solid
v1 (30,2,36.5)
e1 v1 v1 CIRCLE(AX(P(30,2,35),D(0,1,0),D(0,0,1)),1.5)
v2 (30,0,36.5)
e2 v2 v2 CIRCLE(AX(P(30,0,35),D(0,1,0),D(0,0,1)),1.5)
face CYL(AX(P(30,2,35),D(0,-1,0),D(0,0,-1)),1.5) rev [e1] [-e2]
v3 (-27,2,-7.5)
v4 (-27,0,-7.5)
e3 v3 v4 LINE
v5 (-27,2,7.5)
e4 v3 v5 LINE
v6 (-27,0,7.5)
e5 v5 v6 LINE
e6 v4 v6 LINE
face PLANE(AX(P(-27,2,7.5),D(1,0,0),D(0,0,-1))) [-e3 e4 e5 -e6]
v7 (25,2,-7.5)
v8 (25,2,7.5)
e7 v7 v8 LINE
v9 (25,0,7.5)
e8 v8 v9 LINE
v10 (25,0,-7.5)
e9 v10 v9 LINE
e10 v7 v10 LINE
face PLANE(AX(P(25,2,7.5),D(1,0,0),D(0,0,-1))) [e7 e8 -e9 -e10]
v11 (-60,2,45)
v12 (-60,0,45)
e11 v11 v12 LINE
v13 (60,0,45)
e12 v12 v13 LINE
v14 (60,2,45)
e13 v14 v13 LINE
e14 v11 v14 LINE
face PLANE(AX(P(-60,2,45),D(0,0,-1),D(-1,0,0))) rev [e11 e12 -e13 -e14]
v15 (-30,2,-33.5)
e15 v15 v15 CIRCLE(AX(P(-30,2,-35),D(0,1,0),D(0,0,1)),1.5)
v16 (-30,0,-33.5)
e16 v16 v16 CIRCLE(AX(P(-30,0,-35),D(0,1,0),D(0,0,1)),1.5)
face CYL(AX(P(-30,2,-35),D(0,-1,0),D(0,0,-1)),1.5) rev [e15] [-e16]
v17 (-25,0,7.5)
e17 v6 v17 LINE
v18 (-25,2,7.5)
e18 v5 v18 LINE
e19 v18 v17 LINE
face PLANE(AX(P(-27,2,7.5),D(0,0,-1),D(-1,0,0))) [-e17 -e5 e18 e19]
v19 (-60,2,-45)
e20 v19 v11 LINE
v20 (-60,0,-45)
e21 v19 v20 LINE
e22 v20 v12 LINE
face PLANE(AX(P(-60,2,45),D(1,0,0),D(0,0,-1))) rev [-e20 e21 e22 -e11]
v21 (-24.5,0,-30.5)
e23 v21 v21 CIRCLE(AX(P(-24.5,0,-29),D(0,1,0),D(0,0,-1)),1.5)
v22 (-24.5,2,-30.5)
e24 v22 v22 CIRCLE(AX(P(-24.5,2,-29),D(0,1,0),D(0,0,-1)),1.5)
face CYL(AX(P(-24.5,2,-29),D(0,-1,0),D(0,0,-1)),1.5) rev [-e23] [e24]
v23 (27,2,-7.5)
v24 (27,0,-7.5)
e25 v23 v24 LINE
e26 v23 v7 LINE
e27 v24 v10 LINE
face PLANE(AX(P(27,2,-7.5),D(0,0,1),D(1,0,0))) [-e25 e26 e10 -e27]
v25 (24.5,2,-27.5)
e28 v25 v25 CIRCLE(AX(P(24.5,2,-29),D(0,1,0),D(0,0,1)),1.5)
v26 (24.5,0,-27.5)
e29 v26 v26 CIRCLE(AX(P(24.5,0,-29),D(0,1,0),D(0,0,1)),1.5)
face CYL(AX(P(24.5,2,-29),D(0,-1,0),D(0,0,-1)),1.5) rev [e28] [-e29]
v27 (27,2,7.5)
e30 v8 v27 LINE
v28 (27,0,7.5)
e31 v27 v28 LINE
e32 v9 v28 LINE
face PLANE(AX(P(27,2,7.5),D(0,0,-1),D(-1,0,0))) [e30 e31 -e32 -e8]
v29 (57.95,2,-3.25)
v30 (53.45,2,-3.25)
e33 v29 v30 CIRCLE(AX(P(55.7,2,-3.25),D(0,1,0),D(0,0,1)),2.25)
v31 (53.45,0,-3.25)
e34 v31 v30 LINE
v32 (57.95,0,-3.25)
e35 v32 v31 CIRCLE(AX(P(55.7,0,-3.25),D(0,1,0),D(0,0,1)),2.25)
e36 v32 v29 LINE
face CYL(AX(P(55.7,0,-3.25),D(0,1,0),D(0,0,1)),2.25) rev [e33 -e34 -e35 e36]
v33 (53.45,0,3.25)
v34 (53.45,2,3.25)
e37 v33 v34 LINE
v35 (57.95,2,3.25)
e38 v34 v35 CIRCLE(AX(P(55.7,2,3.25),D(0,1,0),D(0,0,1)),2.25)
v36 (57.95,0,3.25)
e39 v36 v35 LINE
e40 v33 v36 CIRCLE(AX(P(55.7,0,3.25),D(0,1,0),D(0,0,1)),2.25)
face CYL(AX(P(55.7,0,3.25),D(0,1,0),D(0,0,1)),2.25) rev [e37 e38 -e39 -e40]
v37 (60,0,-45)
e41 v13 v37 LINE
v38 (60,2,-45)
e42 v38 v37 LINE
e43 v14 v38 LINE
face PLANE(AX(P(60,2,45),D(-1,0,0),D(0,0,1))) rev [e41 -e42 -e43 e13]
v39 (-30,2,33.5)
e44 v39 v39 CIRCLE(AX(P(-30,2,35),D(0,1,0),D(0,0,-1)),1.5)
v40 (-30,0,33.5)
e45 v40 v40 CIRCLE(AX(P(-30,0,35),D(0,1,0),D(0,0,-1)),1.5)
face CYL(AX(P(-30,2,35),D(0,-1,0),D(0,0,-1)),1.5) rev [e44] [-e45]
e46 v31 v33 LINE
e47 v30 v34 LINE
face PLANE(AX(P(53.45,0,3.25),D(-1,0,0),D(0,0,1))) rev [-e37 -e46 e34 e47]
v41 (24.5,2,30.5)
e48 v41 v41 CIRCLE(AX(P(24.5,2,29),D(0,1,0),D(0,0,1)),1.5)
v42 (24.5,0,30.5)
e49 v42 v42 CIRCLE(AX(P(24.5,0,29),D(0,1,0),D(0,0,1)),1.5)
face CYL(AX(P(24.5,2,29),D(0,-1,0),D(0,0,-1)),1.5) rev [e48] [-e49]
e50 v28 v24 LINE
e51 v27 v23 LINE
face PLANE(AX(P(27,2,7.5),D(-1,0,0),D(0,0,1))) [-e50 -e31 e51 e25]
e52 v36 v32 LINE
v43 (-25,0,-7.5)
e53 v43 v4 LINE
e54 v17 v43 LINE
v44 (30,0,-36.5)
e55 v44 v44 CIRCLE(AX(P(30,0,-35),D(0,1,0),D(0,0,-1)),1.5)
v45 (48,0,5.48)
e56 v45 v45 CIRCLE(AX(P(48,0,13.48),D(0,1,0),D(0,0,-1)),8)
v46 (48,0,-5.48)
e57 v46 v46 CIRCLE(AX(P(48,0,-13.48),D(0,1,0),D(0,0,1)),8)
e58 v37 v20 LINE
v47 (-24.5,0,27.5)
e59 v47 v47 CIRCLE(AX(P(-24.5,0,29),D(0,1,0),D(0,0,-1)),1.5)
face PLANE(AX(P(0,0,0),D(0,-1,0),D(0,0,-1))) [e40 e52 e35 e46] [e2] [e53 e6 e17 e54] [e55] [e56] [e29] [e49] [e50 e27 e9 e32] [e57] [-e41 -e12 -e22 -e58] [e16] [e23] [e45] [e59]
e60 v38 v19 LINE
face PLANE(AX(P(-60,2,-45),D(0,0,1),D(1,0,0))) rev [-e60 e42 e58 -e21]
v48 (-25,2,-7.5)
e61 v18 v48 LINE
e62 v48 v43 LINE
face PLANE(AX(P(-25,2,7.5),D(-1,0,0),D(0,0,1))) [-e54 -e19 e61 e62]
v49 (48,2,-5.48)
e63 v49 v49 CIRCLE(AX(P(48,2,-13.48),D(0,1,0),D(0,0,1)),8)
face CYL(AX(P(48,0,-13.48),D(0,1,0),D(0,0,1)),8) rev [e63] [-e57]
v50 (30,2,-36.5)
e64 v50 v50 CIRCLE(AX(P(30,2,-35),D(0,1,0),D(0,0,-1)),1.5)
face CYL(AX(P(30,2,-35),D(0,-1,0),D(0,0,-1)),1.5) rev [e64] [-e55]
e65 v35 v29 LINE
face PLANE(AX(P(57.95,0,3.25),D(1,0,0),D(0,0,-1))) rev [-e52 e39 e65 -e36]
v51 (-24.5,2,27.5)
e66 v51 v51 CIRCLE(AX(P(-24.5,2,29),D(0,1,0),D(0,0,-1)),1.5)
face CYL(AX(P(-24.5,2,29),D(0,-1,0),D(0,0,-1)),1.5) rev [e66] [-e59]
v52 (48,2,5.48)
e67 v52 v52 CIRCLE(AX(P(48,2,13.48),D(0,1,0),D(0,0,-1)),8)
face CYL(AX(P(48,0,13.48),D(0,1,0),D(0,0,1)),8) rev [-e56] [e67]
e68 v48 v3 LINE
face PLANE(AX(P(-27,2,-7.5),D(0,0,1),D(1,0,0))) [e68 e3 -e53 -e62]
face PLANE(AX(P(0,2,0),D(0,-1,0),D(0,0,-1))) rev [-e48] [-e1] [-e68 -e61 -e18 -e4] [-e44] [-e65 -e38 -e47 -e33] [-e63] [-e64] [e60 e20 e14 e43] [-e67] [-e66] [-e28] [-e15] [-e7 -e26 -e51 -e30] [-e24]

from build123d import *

# Parameters (mm, degrees)
SKETCH_1_W          = 120
SKETCH_1_H          = 90
SKETCH_1_R          = 1.5
SKETCH_1_W_2        = 2
SKETCH_1_H_2        = 15
EXTRUDE_1_DEPTH     = 2
SKETCH_2_R          = 8
CUT_EXTRUDE_1_DEPTH = 3


with BuildPart() as part:
    # 草圖1 → 填料-伸長1 (new body)
    with BuildSketch(Plane(origin=(0, 0, 0), x_dir=(1, 0, 0), z_dir=(0, 1, 0))):
        Rectangle(SKETCH_1_W, SKETCH_1_H)
        with Locations((-30, 35)):
            Circle(SKETCH_1_R, mode=Mode.SUBTRACT)
        with Locations((30, 35)):
            Circle(SKETCH_1_R, mode=Mode.SUBTRACT)
        with Locations((30, -35)):
            Circle(SKETCH_1_R, mode=Mode.SUBTRACT)
        with Locations((-30, -35)):
            Circle(SKETCH_1_R, mode=Mode.SUBTRACT)
        with Locations((24.5, 29)):
            Circle(SKETCH_1_R, mode=Mode.SUBTRACT)
        with Locations((24.5, -29)):
            Circle(SKETCH_1_R, mode=Mode.SUBTRACT)
        with Locations((-24.5, 29)):
            Circle(SKETCH_1_R, mode=Mode.SUBTRACT)
        with Locations((-24.5, -29)):
            Circle(SKETCH_1_R, mode=Mode.SUBTRACT)
        with Locations((-26, 0)):
            Rectangle(SKETCH_1_W_2, SKETCH_1_H_2, mode=Mode.SUBTRACT)
        with Locations((26, 0)):
            Rectangle(SKETCH_1_W_2, SKETCH_1_H_2, mode=Mode.SUBTRACT)
    extrude(amount=EXTRUDE_1_DEPTH)

    # 草圖2 → 除料-伸長1 (cut, through all)
    with BuildSketch(Plane(origin=(0, 2, 0), x_dir=(1, 0, 0), z_dir=(0, 1, 0))):
        with Locations((48, 13.48)):
            Circle(SKETCH_2_R)
        with Locations((48, -13.48)):
            Circle(SKETCH_2_R)
        with BuildLine():
            Line((53.45, -3.25), (53.45, 3.25))
            ThreePointArc((53.45, 3.25), (55.7, 5.5), (57.95, 3.25))
            Line((57.95, 3.25), (57.95, -3.25))
            ThreePointArc((57.95, -3.25), (55.7, -5.5), (53.45, -3.25))
        make_face()
    extrude(amount=-CUT_EXTRUDE_1_DEPTH, mode=Mode.SUBTRACT)


solid = part.part
